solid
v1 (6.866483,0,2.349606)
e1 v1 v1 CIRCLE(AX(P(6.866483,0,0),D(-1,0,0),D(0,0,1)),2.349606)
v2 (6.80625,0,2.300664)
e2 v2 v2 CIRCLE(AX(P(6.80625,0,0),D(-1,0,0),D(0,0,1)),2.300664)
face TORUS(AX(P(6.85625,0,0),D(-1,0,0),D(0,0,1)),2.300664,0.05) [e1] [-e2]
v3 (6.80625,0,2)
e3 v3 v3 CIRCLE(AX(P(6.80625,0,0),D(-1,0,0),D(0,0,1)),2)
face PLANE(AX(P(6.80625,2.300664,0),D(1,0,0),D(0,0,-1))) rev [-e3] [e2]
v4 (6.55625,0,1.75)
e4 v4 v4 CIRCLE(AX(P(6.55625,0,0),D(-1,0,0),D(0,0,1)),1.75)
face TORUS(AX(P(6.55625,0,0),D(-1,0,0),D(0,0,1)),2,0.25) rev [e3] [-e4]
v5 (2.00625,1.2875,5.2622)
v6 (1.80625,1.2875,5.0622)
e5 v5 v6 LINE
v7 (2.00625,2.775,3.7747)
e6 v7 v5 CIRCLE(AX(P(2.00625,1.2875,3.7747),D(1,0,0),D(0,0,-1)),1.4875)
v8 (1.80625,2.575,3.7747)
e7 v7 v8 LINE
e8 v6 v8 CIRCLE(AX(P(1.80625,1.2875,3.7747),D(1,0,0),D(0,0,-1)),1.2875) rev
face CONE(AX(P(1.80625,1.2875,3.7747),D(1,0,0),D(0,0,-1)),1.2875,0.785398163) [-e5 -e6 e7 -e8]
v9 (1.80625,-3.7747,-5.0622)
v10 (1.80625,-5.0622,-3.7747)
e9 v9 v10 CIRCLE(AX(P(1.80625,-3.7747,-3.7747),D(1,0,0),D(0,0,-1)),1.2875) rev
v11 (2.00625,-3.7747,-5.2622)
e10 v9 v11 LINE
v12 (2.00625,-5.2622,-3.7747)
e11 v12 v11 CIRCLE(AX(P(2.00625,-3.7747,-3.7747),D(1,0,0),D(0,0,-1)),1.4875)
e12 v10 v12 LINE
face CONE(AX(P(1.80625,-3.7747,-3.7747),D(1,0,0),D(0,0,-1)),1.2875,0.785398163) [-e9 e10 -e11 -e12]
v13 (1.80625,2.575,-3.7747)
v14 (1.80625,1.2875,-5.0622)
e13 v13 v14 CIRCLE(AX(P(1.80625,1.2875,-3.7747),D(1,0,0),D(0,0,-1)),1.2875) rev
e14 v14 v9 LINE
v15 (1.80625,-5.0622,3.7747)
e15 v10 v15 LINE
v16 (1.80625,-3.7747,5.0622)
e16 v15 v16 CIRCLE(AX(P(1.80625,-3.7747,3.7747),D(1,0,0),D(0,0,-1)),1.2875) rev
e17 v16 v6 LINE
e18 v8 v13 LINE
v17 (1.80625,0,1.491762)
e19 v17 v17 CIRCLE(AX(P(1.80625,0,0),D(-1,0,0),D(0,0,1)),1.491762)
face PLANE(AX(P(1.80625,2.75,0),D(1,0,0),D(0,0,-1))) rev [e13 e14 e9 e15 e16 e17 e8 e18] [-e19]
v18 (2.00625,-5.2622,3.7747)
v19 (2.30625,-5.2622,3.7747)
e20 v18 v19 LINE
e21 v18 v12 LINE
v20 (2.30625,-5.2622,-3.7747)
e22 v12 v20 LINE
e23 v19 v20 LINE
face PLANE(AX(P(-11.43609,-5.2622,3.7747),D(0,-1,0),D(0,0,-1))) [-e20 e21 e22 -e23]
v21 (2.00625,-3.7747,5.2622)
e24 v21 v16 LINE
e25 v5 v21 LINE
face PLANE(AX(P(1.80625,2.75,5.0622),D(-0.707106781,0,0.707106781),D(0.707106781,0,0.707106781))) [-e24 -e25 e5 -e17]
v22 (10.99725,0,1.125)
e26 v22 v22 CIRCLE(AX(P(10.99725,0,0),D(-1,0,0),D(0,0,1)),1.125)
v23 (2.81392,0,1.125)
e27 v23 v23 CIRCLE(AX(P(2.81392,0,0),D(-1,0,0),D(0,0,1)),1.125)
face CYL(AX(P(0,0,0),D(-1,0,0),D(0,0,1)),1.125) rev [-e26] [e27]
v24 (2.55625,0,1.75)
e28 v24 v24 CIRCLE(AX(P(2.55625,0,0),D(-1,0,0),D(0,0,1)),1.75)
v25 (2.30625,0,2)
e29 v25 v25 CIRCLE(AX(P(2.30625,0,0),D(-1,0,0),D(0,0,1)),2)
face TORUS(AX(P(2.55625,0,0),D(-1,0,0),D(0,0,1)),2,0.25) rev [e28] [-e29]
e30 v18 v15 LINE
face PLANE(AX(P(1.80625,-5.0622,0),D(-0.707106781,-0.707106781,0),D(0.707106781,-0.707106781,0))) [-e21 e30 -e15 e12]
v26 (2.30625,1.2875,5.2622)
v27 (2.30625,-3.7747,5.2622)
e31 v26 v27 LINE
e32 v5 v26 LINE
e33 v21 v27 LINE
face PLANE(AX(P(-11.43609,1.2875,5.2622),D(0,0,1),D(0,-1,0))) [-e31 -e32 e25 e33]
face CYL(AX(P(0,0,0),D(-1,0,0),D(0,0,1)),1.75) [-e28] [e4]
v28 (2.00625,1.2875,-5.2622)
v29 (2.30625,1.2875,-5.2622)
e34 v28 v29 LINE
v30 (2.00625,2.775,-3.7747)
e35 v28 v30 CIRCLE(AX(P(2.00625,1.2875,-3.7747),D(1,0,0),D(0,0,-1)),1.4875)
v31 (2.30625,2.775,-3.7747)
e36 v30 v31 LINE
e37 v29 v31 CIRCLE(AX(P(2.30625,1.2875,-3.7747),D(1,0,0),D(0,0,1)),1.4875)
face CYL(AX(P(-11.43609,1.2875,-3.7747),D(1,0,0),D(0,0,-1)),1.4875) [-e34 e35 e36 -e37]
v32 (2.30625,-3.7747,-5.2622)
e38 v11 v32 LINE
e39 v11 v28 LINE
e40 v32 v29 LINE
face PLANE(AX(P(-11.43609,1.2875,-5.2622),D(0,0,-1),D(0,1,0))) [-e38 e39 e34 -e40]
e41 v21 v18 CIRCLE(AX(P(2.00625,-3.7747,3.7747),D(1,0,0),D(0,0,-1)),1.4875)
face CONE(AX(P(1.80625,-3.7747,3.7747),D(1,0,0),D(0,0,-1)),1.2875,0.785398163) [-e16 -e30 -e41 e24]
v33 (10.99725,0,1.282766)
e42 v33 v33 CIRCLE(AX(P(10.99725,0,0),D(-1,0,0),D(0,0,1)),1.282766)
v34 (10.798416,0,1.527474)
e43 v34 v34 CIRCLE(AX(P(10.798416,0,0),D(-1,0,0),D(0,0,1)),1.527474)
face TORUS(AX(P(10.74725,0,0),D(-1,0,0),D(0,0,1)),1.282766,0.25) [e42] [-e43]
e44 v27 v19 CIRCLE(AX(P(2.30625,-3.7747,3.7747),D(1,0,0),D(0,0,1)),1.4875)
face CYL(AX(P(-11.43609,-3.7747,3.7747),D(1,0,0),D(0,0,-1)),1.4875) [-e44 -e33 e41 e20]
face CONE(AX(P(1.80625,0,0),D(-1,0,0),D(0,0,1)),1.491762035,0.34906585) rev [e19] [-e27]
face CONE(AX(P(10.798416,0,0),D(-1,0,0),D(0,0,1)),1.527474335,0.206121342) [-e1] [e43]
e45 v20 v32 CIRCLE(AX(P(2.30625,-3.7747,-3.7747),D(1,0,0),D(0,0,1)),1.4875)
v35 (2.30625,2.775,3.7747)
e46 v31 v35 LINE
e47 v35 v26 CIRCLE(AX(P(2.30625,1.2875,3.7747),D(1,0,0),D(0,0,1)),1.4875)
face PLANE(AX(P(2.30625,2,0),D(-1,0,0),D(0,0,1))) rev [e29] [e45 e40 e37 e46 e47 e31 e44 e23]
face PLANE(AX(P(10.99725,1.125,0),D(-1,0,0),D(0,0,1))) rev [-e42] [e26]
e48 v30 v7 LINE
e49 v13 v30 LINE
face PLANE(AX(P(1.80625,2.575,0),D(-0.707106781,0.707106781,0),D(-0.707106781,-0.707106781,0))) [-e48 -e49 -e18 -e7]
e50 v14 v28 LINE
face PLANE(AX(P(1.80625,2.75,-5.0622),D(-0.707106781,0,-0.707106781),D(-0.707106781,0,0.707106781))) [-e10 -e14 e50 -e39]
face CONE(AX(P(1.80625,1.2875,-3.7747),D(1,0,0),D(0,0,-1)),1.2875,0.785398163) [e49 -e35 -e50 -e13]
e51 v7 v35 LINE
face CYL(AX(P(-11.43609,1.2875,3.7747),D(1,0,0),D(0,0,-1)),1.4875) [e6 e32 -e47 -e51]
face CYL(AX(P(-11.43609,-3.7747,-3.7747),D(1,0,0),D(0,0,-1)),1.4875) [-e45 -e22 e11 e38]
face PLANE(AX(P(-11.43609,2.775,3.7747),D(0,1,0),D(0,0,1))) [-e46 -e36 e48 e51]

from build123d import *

# Parameters (mm, degrees)
SKETCH20_R          = 2.350664171
BOSS_EXTRUDE1_DEPTH = 0.5
CHAMFER1_SIZE       = 0.2


with BuildPart() as part:
    # Sketch19 → Revolve1 (revolve)
    with BuildSketch(Plane.XY, mode=Mode.PRIVATE) as revolve1_sk:
        with BuildLine():
            Line((1.80625, 1.491762035), (2.813920411, 1.125))
            Line((2.813920411, 1.125), (10.99725, 1.125))
            Line((10.99725, 1.125), (10.99725, 1.28276631))
            ThreePointArc((10.99725, 1.28276631), (10.941275199, 1.440418529), (10.798416223, 1.527474335))
            Line((10.798416223, 1.527474335), (6.866483245, 2.349605776))
            ThreePointArc((6.866483245, 2.349605776), (6.824719556, 2.339469211), (6.80625, 2.300664171))
            Line((6.80625, 2.300664171), (6.80625, 2))
            ThreePointArc((6.80625, 2), (6.733026695, 1.823223305), (6.55625, 1.75))
            Line((6.55625, 1.75), (2.55625, 1.75))
            ThreePointArc((2.55625, 1.75), (2.379473305, 1.823223305), (2.30625, 2))
            Line((2.30625, 2), (2.30625, 2.75))
            Line((2.30625, 2.75), (1.80625, 2.75))
            Line((1.80625, 2.75), (1.80625, 1.491762035))
        make_face()
    revolve(revolve1_sk.sketch.rotate(Axis((0, 0, 0), (1, 0, 0)), 90), axis=Axis((0, 0, 0), (1, 0, 0)))  # turned: the seam where the file's is

    # Sketch20 → Boss-Extrude1 (add)
    with BuildSketch(Plane(origin=(2.30625, 0, 0), x_dir=(0, 0, -1), z_dir=(1, 0, 0))):
        with BuildLine():
            Line((-3.7747, 2.775), (3.7747, 2.775))
            ThreePointArc((3.7747, 2.775), (4.826521337, 2.339321337), (5.2622, 1.2875))
            Line((5.2622, 1.2875), (5.2622, -3.7747))
            ThreePointArc((5.2622, -3.7747), (4.826521337, -4.826521337), (3.7747, -5.2622))
            Line((3.7747, -5.2622), (-3.7747, -5.2622))
            ThreePointArc((-3.7747, -5.2622), (-4.826521337, -4.826521337), (-5.2622, -3.7747))
            Line((-5.2622, -3.7747), (-5.2622, 1.2875))
            ThreePointArc((-5.2622, 1.2875), (-4.826521337, 2.339321337), (-3.7747, 2.775))
        make_face()
        Circle(SKETCH20_R, mode=Mode.SUBTRACT)
    extrude(amount=-BOSS_EXTRUDE1_DEPTH)

    # Chamfer1
    chamfer1_edges = [part.edges().sort_by_distance(p)[0] for p in [
        (1.80625, 2.339321337, -4.826521337),
        (1.80625, -1.2436, -5.2622),
        (1.80625, -4.826521337, -4.826521337),
        (1.80625, -5.2622, 0),
        (1.80625, -4.826521337, 4.826521337),
        (1.80625, -1.2436, 5.2622),
        (1.80625, 2.339321337, 4.826521337),
        (1.80625, 2.775, 0),
    ]]
    chamfer(chamfer1_edges, length=CHAMFER1_SIZE)


solid = part.part
